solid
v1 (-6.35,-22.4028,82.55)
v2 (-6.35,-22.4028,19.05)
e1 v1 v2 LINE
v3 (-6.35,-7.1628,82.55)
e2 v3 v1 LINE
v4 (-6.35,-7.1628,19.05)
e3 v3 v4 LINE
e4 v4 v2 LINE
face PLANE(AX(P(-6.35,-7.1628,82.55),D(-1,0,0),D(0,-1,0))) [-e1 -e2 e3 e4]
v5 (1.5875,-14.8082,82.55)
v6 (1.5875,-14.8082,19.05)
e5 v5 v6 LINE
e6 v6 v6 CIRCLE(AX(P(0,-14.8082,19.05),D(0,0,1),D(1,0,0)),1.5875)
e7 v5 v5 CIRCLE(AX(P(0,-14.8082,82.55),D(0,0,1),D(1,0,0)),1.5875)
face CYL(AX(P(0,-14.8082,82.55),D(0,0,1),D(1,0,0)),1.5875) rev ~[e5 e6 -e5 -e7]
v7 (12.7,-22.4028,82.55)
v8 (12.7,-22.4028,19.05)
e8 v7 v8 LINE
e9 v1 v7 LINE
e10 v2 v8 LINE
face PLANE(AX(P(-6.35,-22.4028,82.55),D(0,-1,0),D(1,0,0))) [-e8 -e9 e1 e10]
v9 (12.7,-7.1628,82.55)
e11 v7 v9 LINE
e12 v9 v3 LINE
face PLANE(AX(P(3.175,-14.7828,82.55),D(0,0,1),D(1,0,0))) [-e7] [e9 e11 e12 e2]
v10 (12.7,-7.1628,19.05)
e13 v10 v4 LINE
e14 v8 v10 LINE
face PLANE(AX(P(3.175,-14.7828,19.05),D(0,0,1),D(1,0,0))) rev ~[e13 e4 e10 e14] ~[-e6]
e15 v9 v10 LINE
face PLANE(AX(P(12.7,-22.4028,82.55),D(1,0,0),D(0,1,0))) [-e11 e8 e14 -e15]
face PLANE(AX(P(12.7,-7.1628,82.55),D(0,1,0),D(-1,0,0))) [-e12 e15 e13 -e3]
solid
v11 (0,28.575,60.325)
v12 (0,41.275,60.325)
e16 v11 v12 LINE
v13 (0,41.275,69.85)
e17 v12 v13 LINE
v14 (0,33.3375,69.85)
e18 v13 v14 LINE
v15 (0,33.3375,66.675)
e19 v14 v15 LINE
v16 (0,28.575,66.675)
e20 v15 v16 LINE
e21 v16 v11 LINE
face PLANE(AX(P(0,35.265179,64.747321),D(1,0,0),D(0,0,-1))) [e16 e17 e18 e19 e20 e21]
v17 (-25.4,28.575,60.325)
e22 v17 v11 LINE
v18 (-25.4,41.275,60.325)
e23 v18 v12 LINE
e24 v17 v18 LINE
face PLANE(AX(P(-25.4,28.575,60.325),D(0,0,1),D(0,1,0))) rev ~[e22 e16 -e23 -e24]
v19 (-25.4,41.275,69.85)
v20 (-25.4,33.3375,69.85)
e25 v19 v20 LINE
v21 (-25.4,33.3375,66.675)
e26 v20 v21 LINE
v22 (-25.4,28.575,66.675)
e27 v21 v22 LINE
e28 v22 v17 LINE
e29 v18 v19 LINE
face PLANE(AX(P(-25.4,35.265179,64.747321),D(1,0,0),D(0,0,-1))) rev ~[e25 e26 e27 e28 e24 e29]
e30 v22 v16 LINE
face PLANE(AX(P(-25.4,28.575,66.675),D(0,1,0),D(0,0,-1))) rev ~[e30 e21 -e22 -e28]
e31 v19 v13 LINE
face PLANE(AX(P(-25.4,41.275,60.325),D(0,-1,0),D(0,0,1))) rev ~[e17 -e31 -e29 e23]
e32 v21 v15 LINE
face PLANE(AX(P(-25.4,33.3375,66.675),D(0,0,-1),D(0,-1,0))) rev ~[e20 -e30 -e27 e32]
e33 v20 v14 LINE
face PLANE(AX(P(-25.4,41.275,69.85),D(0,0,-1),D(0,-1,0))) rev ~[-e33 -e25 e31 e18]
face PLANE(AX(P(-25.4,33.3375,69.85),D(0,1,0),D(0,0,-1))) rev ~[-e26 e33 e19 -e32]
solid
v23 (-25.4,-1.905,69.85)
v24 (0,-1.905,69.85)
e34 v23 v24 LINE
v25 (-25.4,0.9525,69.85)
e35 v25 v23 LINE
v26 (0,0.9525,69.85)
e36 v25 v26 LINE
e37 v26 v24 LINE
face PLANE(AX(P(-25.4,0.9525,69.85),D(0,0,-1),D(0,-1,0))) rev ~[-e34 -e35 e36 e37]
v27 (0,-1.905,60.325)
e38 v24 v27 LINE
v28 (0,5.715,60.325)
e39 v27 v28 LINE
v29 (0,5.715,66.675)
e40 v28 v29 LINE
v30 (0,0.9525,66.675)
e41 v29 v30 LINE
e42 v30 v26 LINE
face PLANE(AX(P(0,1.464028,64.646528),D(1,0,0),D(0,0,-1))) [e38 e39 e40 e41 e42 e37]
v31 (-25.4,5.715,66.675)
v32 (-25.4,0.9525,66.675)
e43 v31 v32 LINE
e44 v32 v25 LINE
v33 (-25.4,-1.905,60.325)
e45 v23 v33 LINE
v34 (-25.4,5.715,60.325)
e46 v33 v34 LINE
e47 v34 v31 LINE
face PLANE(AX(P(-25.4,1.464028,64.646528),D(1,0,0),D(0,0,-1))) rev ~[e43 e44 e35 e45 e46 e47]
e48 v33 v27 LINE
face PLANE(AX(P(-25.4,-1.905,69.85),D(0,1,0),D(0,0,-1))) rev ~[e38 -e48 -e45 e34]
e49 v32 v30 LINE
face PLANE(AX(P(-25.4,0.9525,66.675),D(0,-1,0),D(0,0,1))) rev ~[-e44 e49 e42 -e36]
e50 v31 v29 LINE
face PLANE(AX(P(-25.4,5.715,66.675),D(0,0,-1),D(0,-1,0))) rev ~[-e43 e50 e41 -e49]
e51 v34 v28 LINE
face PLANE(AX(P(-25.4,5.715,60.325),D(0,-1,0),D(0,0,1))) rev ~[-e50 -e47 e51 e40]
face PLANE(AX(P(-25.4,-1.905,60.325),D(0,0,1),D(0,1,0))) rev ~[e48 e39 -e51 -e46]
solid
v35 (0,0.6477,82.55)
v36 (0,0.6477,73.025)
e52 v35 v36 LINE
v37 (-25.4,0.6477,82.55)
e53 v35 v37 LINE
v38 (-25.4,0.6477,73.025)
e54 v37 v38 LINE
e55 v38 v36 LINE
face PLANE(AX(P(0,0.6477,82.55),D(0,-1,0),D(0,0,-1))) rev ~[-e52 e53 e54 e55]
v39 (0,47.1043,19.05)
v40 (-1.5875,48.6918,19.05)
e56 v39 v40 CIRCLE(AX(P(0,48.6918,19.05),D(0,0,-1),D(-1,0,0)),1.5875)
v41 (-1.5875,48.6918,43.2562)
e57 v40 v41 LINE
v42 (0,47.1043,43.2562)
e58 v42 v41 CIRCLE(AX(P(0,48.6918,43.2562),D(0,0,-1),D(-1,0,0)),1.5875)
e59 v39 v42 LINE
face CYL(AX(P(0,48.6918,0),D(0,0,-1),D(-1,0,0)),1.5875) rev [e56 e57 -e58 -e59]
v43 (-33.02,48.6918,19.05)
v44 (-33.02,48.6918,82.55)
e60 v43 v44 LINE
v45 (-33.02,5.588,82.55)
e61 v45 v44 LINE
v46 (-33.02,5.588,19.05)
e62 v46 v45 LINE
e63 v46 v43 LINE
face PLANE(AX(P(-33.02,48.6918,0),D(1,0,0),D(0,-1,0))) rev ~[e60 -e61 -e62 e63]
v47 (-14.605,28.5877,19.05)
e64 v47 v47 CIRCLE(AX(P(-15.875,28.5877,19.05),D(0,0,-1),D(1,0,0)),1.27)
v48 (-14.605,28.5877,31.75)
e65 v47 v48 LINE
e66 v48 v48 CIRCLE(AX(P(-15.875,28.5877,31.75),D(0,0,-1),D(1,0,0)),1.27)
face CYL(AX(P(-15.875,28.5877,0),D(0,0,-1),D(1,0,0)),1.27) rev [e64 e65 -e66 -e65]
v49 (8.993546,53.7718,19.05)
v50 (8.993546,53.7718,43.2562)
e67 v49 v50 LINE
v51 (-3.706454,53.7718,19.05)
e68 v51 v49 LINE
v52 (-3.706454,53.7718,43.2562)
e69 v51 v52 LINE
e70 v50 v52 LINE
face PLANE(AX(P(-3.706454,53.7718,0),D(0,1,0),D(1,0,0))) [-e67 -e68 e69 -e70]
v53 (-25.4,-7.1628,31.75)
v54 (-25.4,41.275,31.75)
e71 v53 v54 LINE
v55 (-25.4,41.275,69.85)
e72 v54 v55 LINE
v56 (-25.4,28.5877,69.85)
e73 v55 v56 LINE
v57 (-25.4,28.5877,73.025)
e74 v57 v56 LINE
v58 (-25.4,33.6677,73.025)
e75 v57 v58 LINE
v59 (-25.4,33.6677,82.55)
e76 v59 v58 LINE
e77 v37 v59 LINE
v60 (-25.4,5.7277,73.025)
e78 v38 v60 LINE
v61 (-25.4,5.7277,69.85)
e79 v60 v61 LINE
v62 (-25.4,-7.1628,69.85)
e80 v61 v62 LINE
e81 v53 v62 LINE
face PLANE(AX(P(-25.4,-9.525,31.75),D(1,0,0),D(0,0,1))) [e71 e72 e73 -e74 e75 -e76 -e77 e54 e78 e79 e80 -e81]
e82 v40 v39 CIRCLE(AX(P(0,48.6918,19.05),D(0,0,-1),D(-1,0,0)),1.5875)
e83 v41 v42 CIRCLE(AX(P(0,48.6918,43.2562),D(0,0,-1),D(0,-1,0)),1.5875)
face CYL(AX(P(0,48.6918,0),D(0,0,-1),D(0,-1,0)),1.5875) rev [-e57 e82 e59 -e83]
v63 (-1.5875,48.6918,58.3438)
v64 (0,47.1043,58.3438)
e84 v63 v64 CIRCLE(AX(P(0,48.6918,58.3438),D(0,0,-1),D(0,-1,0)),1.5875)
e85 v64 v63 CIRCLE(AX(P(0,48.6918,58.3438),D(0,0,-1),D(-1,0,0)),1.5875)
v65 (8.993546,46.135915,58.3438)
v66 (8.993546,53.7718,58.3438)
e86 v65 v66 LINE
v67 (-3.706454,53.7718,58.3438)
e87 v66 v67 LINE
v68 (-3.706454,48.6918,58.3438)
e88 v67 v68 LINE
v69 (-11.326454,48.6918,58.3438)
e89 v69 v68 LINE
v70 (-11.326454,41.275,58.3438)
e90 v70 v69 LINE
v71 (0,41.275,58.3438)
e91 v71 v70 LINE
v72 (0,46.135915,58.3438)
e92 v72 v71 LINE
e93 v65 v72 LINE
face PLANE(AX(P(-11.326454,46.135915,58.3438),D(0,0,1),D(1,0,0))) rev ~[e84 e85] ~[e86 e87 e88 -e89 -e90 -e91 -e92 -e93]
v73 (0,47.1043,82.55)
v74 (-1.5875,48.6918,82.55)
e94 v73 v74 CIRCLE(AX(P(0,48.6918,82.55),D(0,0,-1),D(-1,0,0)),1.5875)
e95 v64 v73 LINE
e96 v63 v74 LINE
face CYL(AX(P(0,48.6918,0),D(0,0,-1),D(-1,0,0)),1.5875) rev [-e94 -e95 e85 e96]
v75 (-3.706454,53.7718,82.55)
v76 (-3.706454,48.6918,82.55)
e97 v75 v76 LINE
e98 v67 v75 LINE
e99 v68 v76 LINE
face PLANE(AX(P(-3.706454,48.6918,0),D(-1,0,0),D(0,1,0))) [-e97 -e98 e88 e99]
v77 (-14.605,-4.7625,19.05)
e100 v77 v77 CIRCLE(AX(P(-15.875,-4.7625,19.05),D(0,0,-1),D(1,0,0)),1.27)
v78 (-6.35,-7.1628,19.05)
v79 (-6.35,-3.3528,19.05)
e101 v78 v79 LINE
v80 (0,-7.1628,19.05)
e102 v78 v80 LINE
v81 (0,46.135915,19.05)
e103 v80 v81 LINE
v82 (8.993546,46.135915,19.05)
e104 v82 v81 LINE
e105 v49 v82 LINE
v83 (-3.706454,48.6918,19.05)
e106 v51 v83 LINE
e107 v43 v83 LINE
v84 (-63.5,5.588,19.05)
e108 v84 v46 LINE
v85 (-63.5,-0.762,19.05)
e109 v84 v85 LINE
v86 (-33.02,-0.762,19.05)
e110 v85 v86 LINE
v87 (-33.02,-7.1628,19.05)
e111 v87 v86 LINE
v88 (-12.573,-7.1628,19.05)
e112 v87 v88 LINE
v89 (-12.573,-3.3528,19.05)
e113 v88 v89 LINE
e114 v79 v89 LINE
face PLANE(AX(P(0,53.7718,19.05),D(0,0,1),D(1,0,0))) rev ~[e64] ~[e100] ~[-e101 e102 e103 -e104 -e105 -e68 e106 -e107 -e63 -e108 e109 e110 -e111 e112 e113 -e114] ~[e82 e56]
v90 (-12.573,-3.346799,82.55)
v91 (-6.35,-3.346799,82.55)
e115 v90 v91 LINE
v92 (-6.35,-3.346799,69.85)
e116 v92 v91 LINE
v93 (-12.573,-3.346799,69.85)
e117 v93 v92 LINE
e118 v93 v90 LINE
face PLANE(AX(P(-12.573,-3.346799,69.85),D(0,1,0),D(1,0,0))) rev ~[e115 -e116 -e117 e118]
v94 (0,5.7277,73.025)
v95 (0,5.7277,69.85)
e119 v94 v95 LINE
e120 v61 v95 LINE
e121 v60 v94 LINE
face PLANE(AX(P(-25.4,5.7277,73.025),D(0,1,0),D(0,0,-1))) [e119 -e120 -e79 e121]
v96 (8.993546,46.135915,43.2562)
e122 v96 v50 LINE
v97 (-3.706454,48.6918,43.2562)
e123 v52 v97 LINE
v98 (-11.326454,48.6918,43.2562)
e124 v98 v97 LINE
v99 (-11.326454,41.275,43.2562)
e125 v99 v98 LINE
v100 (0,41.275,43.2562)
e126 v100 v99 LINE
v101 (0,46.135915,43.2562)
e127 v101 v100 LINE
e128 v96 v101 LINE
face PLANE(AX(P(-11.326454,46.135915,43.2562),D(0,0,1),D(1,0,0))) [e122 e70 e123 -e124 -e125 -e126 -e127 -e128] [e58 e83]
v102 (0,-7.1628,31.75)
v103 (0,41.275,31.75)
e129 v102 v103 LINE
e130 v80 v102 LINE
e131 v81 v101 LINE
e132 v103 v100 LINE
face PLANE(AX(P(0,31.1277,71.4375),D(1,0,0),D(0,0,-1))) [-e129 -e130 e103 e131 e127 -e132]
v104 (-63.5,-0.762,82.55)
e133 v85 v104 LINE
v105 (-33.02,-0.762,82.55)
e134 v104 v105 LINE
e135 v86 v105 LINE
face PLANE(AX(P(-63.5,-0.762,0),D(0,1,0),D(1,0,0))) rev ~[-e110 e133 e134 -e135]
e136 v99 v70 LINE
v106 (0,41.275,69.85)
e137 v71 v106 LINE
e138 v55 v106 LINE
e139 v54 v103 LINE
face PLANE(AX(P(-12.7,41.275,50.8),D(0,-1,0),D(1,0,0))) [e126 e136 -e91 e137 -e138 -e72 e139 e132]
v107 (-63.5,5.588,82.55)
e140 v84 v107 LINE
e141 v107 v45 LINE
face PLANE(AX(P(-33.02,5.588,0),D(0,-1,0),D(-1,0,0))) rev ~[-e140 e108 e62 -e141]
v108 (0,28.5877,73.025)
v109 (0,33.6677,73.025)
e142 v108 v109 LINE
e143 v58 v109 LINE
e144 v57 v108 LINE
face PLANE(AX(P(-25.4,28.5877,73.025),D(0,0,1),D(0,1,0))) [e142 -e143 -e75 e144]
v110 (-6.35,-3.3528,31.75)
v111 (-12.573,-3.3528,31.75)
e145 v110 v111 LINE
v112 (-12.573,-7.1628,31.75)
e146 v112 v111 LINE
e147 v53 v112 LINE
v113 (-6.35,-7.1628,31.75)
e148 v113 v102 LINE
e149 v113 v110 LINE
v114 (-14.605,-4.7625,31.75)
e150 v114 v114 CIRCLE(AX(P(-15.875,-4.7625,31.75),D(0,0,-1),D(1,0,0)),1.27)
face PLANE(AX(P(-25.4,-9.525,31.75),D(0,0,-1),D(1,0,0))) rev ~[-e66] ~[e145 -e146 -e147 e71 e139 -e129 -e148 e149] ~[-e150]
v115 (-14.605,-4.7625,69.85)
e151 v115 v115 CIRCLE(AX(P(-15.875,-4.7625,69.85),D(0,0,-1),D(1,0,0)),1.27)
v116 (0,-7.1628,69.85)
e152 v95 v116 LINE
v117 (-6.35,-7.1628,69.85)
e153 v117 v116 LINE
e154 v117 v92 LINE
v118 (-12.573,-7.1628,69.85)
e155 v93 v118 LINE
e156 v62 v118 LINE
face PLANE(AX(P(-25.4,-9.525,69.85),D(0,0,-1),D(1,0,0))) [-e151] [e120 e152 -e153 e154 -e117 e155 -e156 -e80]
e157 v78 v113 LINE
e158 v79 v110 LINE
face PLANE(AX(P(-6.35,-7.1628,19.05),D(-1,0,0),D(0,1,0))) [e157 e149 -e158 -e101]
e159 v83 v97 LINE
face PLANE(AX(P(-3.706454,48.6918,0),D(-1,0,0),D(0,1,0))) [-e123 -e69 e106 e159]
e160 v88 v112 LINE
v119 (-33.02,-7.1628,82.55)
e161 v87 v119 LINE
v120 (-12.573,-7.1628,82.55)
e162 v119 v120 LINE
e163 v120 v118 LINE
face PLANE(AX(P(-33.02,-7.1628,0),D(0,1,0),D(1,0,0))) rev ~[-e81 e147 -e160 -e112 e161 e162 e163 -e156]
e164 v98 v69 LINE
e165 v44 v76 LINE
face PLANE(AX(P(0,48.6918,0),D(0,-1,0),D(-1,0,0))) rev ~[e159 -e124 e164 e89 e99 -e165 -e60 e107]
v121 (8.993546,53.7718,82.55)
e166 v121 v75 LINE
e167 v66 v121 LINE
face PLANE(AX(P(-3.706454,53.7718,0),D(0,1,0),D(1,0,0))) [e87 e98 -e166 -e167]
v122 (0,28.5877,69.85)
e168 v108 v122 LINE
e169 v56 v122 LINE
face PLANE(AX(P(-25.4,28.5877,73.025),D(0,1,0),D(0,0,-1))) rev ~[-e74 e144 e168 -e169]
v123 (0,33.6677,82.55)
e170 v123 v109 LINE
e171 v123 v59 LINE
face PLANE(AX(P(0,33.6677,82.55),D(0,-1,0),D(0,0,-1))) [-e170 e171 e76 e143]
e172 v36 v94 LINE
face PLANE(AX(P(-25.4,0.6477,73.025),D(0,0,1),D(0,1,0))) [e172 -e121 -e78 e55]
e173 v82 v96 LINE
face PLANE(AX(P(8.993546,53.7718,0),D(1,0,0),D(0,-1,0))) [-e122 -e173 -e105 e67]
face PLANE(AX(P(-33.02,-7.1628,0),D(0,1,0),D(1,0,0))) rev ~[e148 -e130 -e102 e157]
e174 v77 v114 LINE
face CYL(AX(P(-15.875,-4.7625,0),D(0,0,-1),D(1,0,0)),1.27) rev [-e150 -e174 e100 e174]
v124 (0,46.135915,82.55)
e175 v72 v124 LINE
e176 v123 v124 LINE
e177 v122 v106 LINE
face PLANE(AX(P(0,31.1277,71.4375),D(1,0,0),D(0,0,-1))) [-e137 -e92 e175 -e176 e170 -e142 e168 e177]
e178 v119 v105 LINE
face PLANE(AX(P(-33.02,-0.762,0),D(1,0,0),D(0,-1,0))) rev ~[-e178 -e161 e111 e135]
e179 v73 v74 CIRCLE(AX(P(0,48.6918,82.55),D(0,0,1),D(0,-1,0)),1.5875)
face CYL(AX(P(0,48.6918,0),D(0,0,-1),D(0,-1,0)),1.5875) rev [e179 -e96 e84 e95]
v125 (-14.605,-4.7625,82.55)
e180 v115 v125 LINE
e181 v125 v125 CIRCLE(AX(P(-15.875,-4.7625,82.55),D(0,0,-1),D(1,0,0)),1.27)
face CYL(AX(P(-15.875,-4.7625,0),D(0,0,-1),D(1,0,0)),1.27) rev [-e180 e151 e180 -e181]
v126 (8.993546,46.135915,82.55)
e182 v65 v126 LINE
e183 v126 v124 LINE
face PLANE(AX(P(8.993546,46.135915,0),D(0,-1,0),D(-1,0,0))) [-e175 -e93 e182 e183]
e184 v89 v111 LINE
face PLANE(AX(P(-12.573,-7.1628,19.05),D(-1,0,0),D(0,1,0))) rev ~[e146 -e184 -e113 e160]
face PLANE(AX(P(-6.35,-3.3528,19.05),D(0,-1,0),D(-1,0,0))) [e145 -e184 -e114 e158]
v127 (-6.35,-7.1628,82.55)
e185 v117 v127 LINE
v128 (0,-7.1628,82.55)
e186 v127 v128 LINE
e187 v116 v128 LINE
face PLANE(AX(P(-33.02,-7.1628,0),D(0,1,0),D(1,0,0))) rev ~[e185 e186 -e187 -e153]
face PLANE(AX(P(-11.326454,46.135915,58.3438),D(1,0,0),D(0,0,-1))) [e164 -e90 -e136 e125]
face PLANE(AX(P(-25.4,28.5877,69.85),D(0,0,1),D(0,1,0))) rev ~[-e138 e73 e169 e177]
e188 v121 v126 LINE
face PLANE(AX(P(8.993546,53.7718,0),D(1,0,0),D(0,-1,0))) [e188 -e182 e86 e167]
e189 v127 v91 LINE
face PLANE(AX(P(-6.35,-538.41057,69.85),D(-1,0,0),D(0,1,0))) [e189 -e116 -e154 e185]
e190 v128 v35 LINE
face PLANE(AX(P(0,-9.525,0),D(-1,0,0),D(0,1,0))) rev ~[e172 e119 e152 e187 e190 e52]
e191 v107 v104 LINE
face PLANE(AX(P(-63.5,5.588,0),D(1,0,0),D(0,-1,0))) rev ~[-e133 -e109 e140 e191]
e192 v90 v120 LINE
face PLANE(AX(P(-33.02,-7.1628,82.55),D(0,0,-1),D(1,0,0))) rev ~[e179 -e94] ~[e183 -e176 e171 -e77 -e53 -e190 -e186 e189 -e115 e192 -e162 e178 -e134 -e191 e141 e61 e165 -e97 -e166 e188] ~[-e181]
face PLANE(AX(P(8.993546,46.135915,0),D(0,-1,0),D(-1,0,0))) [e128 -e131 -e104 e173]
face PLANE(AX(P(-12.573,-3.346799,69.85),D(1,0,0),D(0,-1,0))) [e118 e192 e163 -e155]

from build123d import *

# Parameters (mm, degrees)
SKETCH8_R                = 1.27
BOSS_EXTRUDE3_DEPTH      = 101.6
SKETCH40_W               = 25.4
SKETCH40_H               = 38.1
CUT_EXTRUDE24_DEPTH      = 50.8
CUT_EXTRUDE11_DEPTH      = 130.327883255
CUT_EXTRUDE11_DEPTH_BACK = 101.6
SKETCH18_W               = 33.02
SKETCH18_H               = 2.3622
BOSS_EXTRUDE4_DEPTH      = 101.6
CUT_EXTRUDE12_START      = -101.6
SKETCH20_R               = 1.5875
CUT_EXTRUDE12_DEPTH      = 101.6
SKETCH21_W               = 33.02
SKETCH21_H               = 19.05
CUT_EXTRUDE13_DEPTH      = 135.416648809
SKETCH24_W               = 8.993546066
SKETCH24_H               = 19.05
CUT_EXTRUDE15_DEPTH      = 135.416648809
SKETCH38_W               = 15.0876
SKETCH38_H               = 7.635884817
CUT_EXTRUDE21_DEPTH      = 20.32
SKETCH41_W               = 30.48
SKETCH41_H               = 19.05
CUT_EXTRUDE25_DEPTH      = 130.137479387
SKETCH43_W               = 12.7
SKETCH43_H               = 33.02
CUT_EXTRUDE26_DEPTH      = 25.4
SKETCH44_W               = 3.175
SKETCH44_H               = 5.08
BOSS_EXTRUDE5_DEPTH      = 25.4
BOSS_EXTRUDE6_DEPTH      = 25.4
BOSS_EXTRUDE6_2_DEPTH    = 25.4
SKETCH46_R               = 1.5875
BOSS_EXTRUDE7_DEPTH      = 63.5
CUT_EXTRUDE29_DEPTH      = 105.670466108
CUT_EXTRUDE29_DEPTH_BACK = 12.7
SKETCH49_W               = 6.223
SKETCH49_H               = 3.81
CUT_EXTRUDE31_DEPTH      = 12.7
SKETCH50_W               = 11.326453934
SKETCH50_H               = 15.0876
CUT_EXTRUDE33_DEPTH      = 4.8768


with BuildPart() as part:
    # Sketch8 → Boss-Extrude3 (new body)
    with BuildSketch(Plane.XY):
        Polygon((0, 0), (0, 48.6918), (-33.02, 48.6918), (-33.02, 5.588), (-63.5, 5.588), (-63.5, -0.762), (-33.02, -0.762), (-33.02, -9.525), (-9.525, -9.525), (0, -9.525), align=None)
        with Locations((-15.875, 28.5877)):
            Circle(SKETCH8_R, mode=Mode.SUBTRACT)
        with Locations((-15.875, -4.7625)):
            Circle(SKETCH8_R, mode=Mode.SUBTRACT)
    extrude(amount=BOSS_EXTRUDE3_DEPTH)

    # Sketch40 → Cut-Extrude24 (cut)
    with BuildSketch(Plane.XZ.offset(9.525)):
        with Locations((-12.7, 50.8)):
            Rectangle(SKETCH40_W, SKETCH40_H)
    extrude(amount=-CUT_EXTRUDE24_DEPTH, mode=Mode.SUBTRACT)

    # Sketch18 → Cut-Extrude11 (cut, two sides: drawn at the far end of the back side and taken through both)
    with BuildSketch(Plane.XY.offset(101.6).offset(-CUT_EXTRUDE11_DEPTH_BACK)):
        with Locations((-16.51, -8.3439)):
            Rectangle(SKETCH18_W, SKETCH18_H)
    extrude(amount=CUT_EXTRUDE11_DEPTH + CUT_EXTRUDE11_DEPTH_BACK, mode=Mode.SUBTRACT)

    # Sketch19 → Boss-Extrude4 (add)
    with BuildSketch(Plane(origin=(0, 0, 0), x_dir=(-1, 0, 0), z_dir=(0, 0, -1))):
        with BuildLine():
            Line((1.5875, 48.6918), (3.706453934, 48.6918))
            Line((3.706453934, 48.6918), (3.706453934, 53.7718))
            Line((3.706453934, 53.7718), (-8.993546066, 53.7718))
            Line((-8.993546066, 53.7718), (-8.993546066, 46.135915183))
            Line((-8.993546066, 46.135915183), (0, 46.135915183))
            Line((0, 46.135915183), (0, 47.1043))
            ThreePointArc((0, 47.1043), (-1.122532015, 49.814332015), (1.5875, 48.6918))
        make_face()
    extrude(amount=-BOSS_EXTRUDE4_DEPTH)

    # Sketch20 → Cut-Extrude12 (cut)
    with BuildSketch(Plane.XY.offset(101.6).offset(CUT_EXTRUDE12_START)):
        with Locations(Location((0, 48.6918, 0), (0, 0, 180))):
            Circle(SKETCH20_R)
    extrude(amount=CUT_EXTRUDE12_DEPTH, mode=Mode.SUBTRACT)

    # Sketch21 → Cut-Extrude13 (cut, through all)
    with BuildSketch(Plane.XZ.offset(7.1628)):
        with Locations((-16.51, 92.075)):
            Rectangle(SKETCH21_W, SKETCH21_H)
        with Locations((-16.51, 9.525)):
            Rectangle(SKETCH21_W, SKETCH21_H)
    extrude(amount=-CUT_EXTRUDE13_DEPTH, mode=Mode.SUBTRACT)

    # Sketch24 → Cut-Extrude15 (cut, through all)
    with BuildSketch(Plane(origin=(0, 53.7718, 0), x_dir=(1, 0, 0), z_dir=(0, 1, 0))):
        with Locations((4.496773033, -92.075)):
            Rectangle(SKETCH24_W, SKETCH24_H)
        with Locations((4.496773033, -9.525)):
            Rectangle(SKETCH24_W, SKETCH24_H)
    extrude(amount=-CUT_EXTRUDE15_DEPTH, mode=Mode.SUBTRACT)

    # Sketch38 → Cut-Extrude21 (cut)
    with BuildSketch(Plane(origin=(8.993546066, 0, 0), x_dir=(0, 0, -1), z_dir=(1, 0, 0))):
        with Locations((-50.8, 49.953857592)):
            Rectangle(SKETCH38_W, SKETCH38_H)
    extrude(amount=-CUT_EXTRUDE21_DEPTH, mode=Mode.SUBTRACT)

    # Sketch41 → Cut-Extrude25 (cut, through all)
    with BuildSketch(Plane(origin=(0, 5.588, 0), x_dir=(1, 0, 0), z_dir=(0, 1, 0))):
        with Locations((-48.26, -9.525)):
            Rectangle(SKETCH41_W, SKETCH41_H)
        with Locations((-48.26, -92.075)):
            Rectangle(SKETCH41_W, SKETCH41_H)
    extrude(amount=-CUT_EXTRUDE25_DEPTH, mode=Mode.SUBTRACT)

    # Sketch43 → Cut-Extrude26 (cut)
    with BuildSketch(Plane(origin=(0, 0, 0), x_dir=(0, 0, -1), z_dir=(1, 0, 0))):
        with Locations((-76.2, 17.1577)):
            Rectangle(SKETCH43_W, SKETCH43_H)
    extrude(amount=-CUT_EXTRUDE26_DEPTH, mode=Mode.SUBTRACT)

    # Sketch44 → Boss-Extrude5 (add)
    with BuildSketch(Plane(origin=(-25.4, 0, 0), x_dir=(0, 0, -1), z_dir=(1, 0, 0))):
        with Locations((-71.4375, 31.1277)):
            Rectangle(SKETCH44_W, SKETCH44_H)
        with Locations((-71.4375, 3.1877)):
            Rectangle(SKETCH44_W, SKETCH44_H)
    extrude(amount=BOSS_EXTRUDE5_DEPTH)

    # Sketch48 → Cut-Extrude29 (cut, two sides: drawn at the far end of the back side and taken through both)
    with BuildSketch(Plane.XY.offset(82.55).offset(-CUT_EXTRUDE29_DEPTH_BACK)):
        Polygon((-12.573, -184.245390082), (-12.573, -7.1628), (-12.573, -3.346799078), (-6.35, -3.346799078), (-6.35, -7.1628), (-6.35, -184.245390082), (-6.35, -538.410570247), (-12.573, -538.410570247), align=None)
    extrude(amount=CUT_EXTRUDE29_DEPTH + CUT_EXTRUDE29_DEPTH_BACK, mode=Mode.SUBTRACT)

    # Sketch49 → Cut-Extrude31 (cut)
    with BuildSketch(Plane(origin=(0, 0, 19.05), x_dir=(-1, 0, 0), z_dir=(0, 0, -1))):
        with Locations((9.4615, -5.2578)):
            Rectangle(SKETCH49_W, SKETCH49_H)
    extrude(amount=-CUT_EXTRUDE31_DEPTH, mode=Mode.SUBTRACT)

    # Sketch50 → Cut-Extrude33 (cut)
    with BuildSketch(Plane(origin=(0, 46.135915183, 0), x_dir=(1, 0, 0), z_dir=(0, 1, 0))):
        with Locations((-5.663226967, -50.8)):
            Rectangle(SKETCH50_W, SKETCH50_H)
    extrude(amount=-CUT_EXTRUDE33_DEPTH, mode=Mode.SUBTRACT)


with BuildPart() as body_2:
    # Sketch45 → Boss-Extrude6 (new body)
    with BuildSketch(Plane(origin=(-25.4, 0, 0), x_dir=(0, 0, -1), z_dir=(1, 0, 0))):
        Polygon((-60.325, -1.905), (-60.325, 5.715), (-66.675, 5.715), (-66.675, 0.9525), (-69.85, 0.9525), (-69.85, -1.905), align=None)
    extrude(amount=BOSS_EXTRUDE6_DEPTH)


with BuildPart() as body_3:
    # Sketch45 → Boss-Extrude6 2 (new body)
    with BuildSketch(Plane(origin=(-25.4, 0, 0), x_dir=(0, 0, -1), z_dir=(1, 0, 0))):
        Polygon((-60.325, 41.275), (-69.85, 41.275), (-69.85, 33.3375), (-66.675, 33.3375), (-66.675, 28.575), (-60.325, 28.575), align=None)
    extrude(amount=BOSS_EXTRUDE6_2_DEPTH)


with BuildPart() as body_4:
    # Sketch46 → Boss-Extrude7 (new body)
    with BuildSketch(Plane.XY.offset(82.55)):
        Polygon((12.7, -7.1628), (0, -7.1628), (-6.35, -7.1628), (-6.35, -22.4028), (12.7, -22.4028), align=None)
        with Locations((0, -14.8082)):
            Circle(SKETCH46_R, mode=Mode.SUBTRACT)
    extrude(amount=-BOSS_EXTRUDE7_DEPTH)


solid = Compound([part.part, body_2.part, body_3.part, body_4.part])
